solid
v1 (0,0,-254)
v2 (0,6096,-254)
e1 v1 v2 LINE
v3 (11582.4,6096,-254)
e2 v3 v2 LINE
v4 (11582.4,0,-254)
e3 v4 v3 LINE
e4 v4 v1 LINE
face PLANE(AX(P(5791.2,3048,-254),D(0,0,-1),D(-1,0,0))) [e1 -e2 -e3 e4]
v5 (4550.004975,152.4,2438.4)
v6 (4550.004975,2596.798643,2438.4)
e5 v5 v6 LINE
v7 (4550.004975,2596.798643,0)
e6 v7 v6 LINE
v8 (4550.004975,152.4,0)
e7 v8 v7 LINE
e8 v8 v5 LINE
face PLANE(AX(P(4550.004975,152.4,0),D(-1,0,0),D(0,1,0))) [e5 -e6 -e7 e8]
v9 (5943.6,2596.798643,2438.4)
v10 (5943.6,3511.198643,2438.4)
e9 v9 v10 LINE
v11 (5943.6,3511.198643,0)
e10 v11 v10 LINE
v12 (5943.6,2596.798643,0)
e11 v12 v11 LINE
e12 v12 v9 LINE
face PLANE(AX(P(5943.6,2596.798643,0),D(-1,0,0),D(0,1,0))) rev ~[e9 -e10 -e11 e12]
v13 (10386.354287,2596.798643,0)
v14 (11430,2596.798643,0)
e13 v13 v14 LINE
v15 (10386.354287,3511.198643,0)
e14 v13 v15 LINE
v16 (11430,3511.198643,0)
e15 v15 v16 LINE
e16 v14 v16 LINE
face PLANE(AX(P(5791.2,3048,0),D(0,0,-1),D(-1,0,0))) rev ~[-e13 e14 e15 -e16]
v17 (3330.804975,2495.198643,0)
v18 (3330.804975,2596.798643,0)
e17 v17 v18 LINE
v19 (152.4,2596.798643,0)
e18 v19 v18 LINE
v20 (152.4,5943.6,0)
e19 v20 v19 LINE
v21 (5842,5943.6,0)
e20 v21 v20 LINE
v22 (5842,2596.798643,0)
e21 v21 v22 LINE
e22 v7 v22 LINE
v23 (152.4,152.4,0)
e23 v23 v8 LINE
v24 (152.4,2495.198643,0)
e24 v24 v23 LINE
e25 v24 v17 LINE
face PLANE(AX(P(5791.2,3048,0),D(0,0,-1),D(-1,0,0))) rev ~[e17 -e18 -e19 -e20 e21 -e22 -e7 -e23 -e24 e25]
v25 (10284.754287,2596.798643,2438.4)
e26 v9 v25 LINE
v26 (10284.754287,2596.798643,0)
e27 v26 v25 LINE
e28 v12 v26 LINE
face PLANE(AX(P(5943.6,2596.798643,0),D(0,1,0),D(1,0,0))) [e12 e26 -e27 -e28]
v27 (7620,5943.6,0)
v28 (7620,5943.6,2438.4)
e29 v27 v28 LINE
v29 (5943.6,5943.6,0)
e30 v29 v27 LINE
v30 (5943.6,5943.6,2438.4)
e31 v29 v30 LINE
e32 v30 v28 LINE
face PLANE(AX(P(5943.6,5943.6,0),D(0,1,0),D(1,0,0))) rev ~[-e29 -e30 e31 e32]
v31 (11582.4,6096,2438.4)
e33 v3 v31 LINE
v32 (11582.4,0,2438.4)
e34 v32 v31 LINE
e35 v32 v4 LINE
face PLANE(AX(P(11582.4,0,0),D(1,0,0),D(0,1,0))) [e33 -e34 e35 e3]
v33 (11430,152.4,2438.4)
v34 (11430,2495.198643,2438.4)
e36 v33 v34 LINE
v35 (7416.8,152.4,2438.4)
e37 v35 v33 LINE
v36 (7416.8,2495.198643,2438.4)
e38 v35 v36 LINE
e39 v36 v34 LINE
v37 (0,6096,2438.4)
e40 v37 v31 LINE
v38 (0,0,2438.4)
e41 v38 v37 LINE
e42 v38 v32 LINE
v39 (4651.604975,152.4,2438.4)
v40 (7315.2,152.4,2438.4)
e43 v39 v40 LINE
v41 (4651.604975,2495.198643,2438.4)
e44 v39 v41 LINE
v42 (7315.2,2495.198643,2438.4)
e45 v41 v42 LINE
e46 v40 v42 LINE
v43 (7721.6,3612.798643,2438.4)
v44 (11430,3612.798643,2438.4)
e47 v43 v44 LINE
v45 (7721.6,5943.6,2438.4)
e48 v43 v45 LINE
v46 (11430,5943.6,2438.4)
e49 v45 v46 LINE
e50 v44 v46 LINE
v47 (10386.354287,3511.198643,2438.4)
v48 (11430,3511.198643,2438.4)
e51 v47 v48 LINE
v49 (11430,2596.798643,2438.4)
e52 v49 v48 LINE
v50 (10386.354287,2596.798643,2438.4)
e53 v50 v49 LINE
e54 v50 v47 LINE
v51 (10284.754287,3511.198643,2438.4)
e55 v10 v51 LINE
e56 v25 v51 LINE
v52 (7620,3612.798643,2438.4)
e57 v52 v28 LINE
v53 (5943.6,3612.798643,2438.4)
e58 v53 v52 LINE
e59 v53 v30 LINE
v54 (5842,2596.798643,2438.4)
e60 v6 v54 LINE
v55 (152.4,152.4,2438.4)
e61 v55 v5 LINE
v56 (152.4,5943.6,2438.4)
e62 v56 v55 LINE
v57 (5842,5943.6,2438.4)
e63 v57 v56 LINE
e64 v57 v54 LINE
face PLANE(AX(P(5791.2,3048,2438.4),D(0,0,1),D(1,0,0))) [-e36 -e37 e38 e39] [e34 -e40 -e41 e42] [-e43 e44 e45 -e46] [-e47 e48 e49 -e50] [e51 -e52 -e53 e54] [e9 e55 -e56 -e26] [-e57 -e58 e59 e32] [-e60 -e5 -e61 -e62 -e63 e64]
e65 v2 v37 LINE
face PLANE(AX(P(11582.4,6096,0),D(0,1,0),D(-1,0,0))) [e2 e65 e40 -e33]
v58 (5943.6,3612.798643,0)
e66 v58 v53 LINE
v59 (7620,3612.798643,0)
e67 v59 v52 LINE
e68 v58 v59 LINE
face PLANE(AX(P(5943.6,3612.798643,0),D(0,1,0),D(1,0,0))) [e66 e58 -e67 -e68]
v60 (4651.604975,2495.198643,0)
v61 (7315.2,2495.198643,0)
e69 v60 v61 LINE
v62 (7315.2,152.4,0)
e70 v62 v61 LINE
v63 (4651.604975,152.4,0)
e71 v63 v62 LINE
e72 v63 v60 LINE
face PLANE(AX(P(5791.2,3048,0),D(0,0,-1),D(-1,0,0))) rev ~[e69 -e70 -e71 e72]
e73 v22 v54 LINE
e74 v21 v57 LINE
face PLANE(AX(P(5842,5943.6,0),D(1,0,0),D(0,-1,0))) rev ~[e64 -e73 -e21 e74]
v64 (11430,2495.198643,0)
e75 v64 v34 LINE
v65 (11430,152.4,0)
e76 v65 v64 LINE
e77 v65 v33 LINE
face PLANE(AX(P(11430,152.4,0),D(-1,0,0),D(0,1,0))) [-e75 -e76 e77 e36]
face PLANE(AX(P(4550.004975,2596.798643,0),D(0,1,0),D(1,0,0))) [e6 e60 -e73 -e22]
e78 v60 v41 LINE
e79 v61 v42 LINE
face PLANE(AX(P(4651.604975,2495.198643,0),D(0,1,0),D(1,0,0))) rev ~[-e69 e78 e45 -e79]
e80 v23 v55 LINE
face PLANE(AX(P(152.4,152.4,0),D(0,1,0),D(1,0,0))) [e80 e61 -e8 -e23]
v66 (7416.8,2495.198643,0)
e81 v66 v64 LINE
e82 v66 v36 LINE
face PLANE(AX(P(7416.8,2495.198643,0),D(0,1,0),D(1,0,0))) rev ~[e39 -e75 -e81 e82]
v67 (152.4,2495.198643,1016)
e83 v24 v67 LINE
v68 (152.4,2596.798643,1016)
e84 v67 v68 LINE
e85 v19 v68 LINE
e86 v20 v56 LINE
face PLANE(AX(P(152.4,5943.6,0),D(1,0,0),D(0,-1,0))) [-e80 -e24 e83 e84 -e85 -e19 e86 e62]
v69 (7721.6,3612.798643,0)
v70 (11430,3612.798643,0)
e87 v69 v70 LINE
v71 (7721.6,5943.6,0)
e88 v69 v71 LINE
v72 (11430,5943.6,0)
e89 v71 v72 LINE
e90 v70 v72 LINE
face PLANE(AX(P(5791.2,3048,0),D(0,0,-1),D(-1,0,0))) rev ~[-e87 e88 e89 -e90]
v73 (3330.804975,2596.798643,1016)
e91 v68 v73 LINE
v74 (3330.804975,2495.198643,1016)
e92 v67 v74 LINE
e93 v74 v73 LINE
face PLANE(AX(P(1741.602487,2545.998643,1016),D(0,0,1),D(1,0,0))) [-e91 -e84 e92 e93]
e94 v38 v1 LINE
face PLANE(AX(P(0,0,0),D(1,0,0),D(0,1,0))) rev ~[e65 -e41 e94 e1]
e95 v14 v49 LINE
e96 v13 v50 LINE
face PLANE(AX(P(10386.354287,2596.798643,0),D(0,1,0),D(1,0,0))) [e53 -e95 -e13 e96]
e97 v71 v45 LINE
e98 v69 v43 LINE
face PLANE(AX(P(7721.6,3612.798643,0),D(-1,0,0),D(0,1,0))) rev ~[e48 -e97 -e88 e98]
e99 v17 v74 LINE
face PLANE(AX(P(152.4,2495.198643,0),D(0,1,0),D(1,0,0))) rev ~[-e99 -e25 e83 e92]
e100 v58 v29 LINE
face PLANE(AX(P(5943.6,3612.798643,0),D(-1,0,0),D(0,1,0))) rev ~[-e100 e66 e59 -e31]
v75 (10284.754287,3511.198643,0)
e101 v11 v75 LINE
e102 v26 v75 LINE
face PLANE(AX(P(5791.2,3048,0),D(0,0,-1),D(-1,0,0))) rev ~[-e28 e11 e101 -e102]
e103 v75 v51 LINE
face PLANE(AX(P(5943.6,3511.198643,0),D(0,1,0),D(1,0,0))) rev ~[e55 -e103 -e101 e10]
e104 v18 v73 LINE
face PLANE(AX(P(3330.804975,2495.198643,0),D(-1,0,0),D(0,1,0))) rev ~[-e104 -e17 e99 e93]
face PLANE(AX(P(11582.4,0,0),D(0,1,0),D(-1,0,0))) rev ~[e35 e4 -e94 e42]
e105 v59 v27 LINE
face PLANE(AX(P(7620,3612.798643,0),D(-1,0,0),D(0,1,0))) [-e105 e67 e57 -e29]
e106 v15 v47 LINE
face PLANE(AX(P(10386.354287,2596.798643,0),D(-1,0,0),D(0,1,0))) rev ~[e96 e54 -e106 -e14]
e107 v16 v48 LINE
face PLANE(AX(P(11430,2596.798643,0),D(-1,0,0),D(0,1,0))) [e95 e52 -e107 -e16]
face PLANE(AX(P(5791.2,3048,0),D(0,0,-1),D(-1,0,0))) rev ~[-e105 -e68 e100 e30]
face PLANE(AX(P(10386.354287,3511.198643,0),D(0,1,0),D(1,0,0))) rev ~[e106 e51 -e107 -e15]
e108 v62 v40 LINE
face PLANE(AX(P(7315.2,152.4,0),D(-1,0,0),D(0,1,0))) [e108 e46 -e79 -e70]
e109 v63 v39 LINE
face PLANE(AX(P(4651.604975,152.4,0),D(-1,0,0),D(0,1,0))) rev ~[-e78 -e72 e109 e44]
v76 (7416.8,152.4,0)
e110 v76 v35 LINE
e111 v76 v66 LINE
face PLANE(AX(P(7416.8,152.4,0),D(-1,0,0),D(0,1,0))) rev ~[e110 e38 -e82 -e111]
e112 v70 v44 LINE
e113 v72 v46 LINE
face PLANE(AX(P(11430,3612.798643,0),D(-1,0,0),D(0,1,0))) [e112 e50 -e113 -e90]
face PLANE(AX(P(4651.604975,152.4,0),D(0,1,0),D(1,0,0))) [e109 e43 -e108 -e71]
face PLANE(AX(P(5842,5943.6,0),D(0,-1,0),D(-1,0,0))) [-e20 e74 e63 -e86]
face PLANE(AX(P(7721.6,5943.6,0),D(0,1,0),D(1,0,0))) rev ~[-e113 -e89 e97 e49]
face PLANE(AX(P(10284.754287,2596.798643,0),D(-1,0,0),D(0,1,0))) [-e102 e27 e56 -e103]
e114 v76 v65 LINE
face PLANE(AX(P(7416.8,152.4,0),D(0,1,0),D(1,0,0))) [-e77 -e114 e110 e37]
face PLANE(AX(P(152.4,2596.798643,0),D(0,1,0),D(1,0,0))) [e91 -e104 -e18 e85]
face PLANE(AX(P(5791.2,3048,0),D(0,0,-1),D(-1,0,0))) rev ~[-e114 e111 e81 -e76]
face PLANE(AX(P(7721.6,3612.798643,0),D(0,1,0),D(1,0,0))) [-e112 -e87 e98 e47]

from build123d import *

# Parameters (mm, degrees)
SKETCH3_W           = 11582.4
SKETCH3_H           = 6096
SKETCH3_W_2         = 4341.154286856
SKETCH3_H_2         = 914.4
SKETCH3_W_3         = 1676.4
SKETCH3_H_3         = 2330.801356814
SKETCH3_W_4         = 2663.595025017
SKETCH3_H_4         = 2342.798643186
SKETCH3_W_5         = 1043.645713144
SKETCH3_W_6         = 4013.2
SKETCH3_W_7         = 3708.4
BOSS_EXTRUDE1_DEPTH = 2438.4
SKETCH4_W           = 11582.4
SKETCH4_H           = 6096
BOSS_EXTRUDE2_DEPTH = 254
SKETCH5_W           = 3178.404974983
SKETCH5_H           = 101.6
BOSS_EXTRUDE3_DEPTH = 1016


with BuildPart() as part:
    # Sketch3 → Boss-Extrude1 (new body)
    with BuildSketch(Plane.XY):
        with Locations((5791.2, 3048)):
            Rectangle(SKETCH3_W, SKETCH3_H)
        Polygon((152.4, 152.4), (4550.004974983, 152.4), (4550.004974983, 2596.798643186), (5842, 2596.798643186), (5842, 3511.198643186), (5842, 5943.6), (152.4, 5943.6), align=None, mode=Mode.SUBTRACT)
        with Locations((8114.177143428, 3053.998643186)):
            Rectangle(SKETCH3_W_2, SKETCH3_H_2, mode=Mode.SUBTRACT)
        with Locations((6781.8, 4778.199321593)):
            Rectangle(SKETCH3_W_3, SKETCH3_H_3, mode=Mode.SUBTRACT)
        with Locations((5983.402487492, 1323.799321593)):
            Rectangle(SKETCH3_W_4, SKETCH3_H_4, mode=Mode.SUBTRACT)
        with Locations((10908.177143428, 3053.998643186)):
            Rectangle(SKETCH3_W_5, SKETCH3_H_2, mode=Mode.SUBTRACT)
        with Locations((9423.4, 1323.799321593)):
            Rectangle(SKETCH3_W_6, SKETCH3_H_4, mode=Mode.SUBTRACT)
        with Locations((9575.8, 4778.199321593)):
            Rectangle(SKETCH3_W_7, SKETCH3_H_3, mode=Mode.SUBTRACT)
    extrude(amount=BOSS_EXTRUDE1_DEPTH)

    # Sketch4 → Boss-Extrude2 (add)
    with BuildSketch(Plane(origin=(0, 0, 0), x_dir=(-1, 0, 0), z_dir=(0, 0, -1))):
        with Locations((-5791.2, 3048)):
            Rectangle(SKETCH4_W, SKETCH4_H)
    extrude(amount=BOSS_EXTRUDE2_DEPTH)

    # Sketch5 → Boss-Extrude3 (add)
    with BuildSketch(Plane.XY):
        with Locations((1741.602487492, 2545.998643186)):
            Rectangle(SKETCH5_W, SKETCH5_H)
    extrude(amount=BOSS_EXTRUDE3_DEPTH)


solid = part.part
